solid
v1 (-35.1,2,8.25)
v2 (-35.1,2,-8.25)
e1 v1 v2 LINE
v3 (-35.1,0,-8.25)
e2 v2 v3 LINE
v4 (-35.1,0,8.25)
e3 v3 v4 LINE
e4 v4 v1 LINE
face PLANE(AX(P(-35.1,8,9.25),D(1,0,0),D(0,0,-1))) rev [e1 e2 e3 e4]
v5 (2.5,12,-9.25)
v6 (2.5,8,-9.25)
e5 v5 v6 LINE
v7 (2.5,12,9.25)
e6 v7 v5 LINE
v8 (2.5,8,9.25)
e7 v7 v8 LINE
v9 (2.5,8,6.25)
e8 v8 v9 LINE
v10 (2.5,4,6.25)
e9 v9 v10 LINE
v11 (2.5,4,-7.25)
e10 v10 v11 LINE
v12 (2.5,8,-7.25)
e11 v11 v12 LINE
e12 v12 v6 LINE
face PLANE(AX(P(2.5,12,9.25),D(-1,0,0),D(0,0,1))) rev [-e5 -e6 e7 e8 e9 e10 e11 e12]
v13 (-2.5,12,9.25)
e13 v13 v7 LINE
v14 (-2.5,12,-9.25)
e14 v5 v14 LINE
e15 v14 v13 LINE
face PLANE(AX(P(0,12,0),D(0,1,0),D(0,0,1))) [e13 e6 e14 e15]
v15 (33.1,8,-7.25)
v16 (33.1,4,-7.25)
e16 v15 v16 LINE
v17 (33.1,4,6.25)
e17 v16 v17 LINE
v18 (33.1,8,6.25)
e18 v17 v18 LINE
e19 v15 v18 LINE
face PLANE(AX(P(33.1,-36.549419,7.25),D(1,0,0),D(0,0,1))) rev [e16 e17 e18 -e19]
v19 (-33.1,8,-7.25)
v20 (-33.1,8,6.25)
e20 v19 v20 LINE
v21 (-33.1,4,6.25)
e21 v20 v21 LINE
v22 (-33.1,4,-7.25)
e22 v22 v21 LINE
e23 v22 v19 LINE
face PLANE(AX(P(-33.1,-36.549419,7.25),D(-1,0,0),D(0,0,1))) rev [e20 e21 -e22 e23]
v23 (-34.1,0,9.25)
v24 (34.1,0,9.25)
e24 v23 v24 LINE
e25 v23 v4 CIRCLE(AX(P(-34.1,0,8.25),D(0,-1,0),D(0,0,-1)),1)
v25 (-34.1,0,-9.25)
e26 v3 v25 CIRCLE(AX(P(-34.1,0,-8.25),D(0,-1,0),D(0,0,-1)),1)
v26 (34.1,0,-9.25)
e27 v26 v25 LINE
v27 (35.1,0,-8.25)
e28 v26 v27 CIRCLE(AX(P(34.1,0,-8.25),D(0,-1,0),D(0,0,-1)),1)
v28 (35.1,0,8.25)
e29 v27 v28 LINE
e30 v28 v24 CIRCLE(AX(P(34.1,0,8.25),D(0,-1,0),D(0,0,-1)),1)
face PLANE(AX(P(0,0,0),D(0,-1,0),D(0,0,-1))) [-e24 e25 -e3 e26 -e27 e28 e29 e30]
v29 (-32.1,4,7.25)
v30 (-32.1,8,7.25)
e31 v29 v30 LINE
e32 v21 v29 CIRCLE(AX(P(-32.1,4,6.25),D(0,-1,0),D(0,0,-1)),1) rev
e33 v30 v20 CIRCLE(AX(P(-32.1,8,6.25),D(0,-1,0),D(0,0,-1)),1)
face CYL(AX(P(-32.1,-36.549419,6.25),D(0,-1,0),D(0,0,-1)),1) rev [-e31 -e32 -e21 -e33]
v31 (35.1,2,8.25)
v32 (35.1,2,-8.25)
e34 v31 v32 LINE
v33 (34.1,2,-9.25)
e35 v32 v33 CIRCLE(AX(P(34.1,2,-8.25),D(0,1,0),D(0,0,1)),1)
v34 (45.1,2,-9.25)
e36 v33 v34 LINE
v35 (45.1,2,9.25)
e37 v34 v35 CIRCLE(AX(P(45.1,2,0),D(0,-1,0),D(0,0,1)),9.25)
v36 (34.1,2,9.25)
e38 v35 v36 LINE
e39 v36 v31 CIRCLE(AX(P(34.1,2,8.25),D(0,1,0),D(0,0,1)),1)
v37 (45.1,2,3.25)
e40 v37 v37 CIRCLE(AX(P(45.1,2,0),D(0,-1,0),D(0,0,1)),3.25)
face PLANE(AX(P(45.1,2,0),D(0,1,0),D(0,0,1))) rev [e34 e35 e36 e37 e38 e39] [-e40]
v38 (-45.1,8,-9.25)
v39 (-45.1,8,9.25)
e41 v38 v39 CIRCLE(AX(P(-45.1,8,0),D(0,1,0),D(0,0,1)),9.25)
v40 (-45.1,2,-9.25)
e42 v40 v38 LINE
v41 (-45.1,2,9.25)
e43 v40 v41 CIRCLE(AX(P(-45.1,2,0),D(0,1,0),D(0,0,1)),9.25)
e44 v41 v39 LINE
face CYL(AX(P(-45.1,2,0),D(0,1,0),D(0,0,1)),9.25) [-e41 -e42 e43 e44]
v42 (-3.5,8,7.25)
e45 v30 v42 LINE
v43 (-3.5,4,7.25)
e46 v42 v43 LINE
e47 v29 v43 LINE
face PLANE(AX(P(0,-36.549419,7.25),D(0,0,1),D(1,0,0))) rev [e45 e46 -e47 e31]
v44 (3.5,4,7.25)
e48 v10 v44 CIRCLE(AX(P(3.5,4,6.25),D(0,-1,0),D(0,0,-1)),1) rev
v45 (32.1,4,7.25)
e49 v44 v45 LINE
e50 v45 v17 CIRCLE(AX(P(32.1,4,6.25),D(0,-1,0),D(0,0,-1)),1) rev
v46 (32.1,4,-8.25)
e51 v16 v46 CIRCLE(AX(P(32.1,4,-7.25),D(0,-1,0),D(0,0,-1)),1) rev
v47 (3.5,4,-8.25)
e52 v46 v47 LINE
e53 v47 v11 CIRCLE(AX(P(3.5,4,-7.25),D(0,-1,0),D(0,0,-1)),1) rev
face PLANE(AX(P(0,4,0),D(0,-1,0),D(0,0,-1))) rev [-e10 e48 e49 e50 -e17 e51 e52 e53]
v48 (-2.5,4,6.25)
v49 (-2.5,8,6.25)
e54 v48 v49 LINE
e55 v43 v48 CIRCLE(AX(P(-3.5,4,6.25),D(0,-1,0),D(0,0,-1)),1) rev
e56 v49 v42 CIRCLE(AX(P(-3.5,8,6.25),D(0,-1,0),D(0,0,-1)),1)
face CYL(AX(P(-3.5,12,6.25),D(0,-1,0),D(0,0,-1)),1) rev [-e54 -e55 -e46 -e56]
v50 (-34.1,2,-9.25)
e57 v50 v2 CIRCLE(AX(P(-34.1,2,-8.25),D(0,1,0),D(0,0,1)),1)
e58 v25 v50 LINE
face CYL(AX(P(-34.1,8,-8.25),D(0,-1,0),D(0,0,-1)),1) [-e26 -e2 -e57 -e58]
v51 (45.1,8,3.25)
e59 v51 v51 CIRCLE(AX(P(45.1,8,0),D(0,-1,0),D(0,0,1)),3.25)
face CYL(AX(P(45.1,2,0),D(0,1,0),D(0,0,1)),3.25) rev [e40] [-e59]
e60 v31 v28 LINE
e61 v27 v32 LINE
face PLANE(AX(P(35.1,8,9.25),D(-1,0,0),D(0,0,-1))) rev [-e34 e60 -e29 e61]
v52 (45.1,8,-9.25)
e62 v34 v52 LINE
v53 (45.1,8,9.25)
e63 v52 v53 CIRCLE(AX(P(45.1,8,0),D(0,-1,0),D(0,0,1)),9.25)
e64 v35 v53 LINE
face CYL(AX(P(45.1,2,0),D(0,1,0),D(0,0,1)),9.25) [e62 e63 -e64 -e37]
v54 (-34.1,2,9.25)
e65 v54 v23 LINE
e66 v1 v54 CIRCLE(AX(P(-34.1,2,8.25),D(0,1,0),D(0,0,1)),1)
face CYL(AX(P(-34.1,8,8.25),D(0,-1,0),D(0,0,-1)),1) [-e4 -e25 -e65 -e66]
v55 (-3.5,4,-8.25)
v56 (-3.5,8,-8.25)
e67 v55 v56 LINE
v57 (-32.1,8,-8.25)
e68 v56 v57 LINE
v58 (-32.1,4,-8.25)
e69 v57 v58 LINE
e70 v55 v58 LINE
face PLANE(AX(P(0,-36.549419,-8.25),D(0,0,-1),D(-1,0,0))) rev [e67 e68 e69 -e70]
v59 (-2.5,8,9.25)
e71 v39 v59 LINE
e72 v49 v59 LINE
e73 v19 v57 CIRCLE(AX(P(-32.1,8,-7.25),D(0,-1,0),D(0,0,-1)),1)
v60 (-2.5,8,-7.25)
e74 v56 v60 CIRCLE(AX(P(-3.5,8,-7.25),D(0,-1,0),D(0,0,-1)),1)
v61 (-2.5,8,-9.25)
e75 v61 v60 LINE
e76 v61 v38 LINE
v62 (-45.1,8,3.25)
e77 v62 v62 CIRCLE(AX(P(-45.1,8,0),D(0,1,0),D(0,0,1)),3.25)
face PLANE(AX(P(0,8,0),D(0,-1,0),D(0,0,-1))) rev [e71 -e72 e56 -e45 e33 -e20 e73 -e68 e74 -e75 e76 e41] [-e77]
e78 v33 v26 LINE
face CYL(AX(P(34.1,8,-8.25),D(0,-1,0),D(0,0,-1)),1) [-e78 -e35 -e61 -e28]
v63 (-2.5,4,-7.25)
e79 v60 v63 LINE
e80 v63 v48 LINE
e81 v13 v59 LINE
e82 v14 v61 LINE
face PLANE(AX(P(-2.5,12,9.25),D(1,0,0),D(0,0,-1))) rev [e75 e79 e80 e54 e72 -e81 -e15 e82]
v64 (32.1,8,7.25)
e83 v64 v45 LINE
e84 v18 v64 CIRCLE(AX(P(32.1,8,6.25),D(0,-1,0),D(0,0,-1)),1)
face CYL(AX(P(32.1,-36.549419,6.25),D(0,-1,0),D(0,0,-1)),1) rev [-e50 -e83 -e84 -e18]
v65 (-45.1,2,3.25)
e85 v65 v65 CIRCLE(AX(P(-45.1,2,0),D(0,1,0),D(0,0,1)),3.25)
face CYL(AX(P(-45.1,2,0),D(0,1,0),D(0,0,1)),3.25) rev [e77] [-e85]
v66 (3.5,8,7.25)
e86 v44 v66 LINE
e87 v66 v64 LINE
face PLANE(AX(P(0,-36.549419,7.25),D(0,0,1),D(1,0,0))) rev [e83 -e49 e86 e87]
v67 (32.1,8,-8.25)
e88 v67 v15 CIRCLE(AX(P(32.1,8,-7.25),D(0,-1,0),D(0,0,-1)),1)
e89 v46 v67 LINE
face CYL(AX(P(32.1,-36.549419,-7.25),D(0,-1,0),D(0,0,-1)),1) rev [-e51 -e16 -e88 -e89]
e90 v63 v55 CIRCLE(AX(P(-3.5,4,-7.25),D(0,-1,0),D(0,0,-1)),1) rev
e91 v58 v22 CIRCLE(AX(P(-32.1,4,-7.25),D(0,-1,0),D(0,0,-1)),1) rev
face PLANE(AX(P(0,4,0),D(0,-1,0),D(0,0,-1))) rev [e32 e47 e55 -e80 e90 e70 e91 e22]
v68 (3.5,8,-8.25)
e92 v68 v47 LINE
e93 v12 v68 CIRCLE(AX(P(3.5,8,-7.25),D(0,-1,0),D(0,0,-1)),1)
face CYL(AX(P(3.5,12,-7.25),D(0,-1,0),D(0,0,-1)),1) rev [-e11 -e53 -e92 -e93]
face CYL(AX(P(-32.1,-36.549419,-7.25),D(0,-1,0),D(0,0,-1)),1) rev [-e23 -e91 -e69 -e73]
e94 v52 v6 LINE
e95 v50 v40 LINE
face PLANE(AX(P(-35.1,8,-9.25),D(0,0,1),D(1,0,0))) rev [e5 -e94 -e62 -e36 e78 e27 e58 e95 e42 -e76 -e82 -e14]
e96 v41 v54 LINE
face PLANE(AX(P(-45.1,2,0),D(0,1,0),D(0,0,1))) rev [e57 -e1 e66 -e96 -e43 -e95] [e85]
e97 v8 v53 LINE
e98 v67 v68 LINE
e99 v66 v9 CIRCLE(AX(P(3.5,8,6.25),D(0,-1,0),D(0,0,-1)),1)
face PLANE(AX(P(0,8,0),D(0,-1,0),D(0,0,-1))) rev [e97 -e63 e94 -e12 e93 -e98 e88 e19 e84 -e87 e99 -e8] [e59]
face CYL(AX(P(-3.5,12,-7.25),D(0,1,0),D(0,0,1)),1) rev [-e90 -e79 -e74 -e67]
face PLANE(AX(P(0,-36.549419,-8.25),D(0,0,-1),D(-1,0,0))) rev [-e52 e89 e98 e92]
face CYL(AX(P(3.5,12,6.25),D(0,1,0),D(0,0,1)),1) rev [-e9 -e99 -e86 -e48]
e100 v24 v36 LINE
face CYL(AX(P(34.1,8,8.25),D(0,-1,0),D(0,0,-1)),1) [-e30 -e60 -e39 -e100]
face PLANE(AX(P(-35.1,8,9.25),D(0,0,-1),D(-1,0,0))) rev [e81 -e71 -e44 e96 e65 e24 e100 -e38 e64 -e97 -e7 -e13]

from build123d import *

# Parameters (mm, degrees)
SKETCH1_W           = 35.1
SKETCH1_H           = 18.5
BOSS_EXTRUDE1_DEPTH = 8
SKETCH10_R          = 3.25
BOLT_EXTRUDE_DEPTH  = 6
SKETCH7_W           = 33.1
SKETCH7_H           = 15.5
CUT_EXTRUDE5_DEPTH  = 4
SKETCH8_W           = 5
SKETCH8_H           = 18.5
BOSS_EXTRUDE3_DEPTH = 8
FILLET6_R           = 1


with BuildPart() as part:
    # Sketch1 → Boss-Extrude1 (new body)
    with BuildSketch(Plane(origin=(0, 0, 0), x_dir=(1, 0, 0), z_dir=(0, 1, 0))):
        with Locations((-17.55, 0)):
            Rectangle(SKETCH1_W, SKETCH1_H)
    extrude(amount=BOSS_EXTRUDE1_DEPTH)

    # Sketch10 → bolt extrude (add)
    with BuildSketch(Plane(origin=(0, 8, 0), x_dir=(1, 0, 0), z_dir=(0, 1, 0))):
        with BuildLine():
            Line((-35.1, 9.25), (-45.1, 9.25))
            ThreePointArc((-45.1, 9.25), (-54.35, 0), (-45.1, -9.25))
            Line((-45.1, -9.25), (-35.1, -9.25))
            Line((-35.1, -9.25), (-35.1, 9.25))
        make_face()
        with Locations(Location((-45.1, 0, 0), (0, 0, 270))):
            Circle(SKETCH10_R, mode=Mode.SUBTRACT)
    extrude(amount=-BOLT_EXTRUDE_DEPTH)

    # Sketch7 → Cut-Extrude5 (cut)
    with BuildSketch(Plane(origin=(0, 8, 0), x_dir=(1, 0, 0), z_dir=(0, 1, 0))):
        with Locations((-16.55, 0.5)):
            Rectangle(SKETCH7_W, SKETCH7_H)
    extrude(amount=-CUT_EXTRUDE5_DEPTH, mode=Mode.SUBTRACT)

    # Mirror1: part across plane


with BuildPart() as part_1:
    add(part.part)
    add(part.part.mirror(Plane(origin=(0, 0, 0), x_dir=(0, 0, 1), z_dir=(1, 0, 0))))

    # Sketch8 → Boss-Extrude3 (add)
    with BuildSketch(Plane(origin=(0, 4, 0), x_dir=(1, 0, 0), z_dir=(0, 1, 0))):
        Rectangle(SKETCH8_W, SKETCH8_H)
    extrude(amount=BOSS_EXTRUDE3_DEPTH)

    # Fillet6
    fillet6_edges = [part_1.edges().sort_by_distance(p)[0] for p in [
        (-35.1, 1, 9.25),
        (-35.1, 1, -9.25),
        (-33.1, 6, -8.25),
        (-33.1, 6, 7.25),
        (35.1, 1, -9.25),
        (35.1, 1, 9.25),
        (33.1, 6, -8.25),
        (33.1, 6, 7.25),
        (-2.5, 6, 7.25),
        (2.5, 6, 7.25),
        (2.5, 6, -8.25),
        (-2.5, 6, -8.25),
    ]]
    fillet(fillet6_edges, radius=FILLET6_R)


solid = part_1.part
